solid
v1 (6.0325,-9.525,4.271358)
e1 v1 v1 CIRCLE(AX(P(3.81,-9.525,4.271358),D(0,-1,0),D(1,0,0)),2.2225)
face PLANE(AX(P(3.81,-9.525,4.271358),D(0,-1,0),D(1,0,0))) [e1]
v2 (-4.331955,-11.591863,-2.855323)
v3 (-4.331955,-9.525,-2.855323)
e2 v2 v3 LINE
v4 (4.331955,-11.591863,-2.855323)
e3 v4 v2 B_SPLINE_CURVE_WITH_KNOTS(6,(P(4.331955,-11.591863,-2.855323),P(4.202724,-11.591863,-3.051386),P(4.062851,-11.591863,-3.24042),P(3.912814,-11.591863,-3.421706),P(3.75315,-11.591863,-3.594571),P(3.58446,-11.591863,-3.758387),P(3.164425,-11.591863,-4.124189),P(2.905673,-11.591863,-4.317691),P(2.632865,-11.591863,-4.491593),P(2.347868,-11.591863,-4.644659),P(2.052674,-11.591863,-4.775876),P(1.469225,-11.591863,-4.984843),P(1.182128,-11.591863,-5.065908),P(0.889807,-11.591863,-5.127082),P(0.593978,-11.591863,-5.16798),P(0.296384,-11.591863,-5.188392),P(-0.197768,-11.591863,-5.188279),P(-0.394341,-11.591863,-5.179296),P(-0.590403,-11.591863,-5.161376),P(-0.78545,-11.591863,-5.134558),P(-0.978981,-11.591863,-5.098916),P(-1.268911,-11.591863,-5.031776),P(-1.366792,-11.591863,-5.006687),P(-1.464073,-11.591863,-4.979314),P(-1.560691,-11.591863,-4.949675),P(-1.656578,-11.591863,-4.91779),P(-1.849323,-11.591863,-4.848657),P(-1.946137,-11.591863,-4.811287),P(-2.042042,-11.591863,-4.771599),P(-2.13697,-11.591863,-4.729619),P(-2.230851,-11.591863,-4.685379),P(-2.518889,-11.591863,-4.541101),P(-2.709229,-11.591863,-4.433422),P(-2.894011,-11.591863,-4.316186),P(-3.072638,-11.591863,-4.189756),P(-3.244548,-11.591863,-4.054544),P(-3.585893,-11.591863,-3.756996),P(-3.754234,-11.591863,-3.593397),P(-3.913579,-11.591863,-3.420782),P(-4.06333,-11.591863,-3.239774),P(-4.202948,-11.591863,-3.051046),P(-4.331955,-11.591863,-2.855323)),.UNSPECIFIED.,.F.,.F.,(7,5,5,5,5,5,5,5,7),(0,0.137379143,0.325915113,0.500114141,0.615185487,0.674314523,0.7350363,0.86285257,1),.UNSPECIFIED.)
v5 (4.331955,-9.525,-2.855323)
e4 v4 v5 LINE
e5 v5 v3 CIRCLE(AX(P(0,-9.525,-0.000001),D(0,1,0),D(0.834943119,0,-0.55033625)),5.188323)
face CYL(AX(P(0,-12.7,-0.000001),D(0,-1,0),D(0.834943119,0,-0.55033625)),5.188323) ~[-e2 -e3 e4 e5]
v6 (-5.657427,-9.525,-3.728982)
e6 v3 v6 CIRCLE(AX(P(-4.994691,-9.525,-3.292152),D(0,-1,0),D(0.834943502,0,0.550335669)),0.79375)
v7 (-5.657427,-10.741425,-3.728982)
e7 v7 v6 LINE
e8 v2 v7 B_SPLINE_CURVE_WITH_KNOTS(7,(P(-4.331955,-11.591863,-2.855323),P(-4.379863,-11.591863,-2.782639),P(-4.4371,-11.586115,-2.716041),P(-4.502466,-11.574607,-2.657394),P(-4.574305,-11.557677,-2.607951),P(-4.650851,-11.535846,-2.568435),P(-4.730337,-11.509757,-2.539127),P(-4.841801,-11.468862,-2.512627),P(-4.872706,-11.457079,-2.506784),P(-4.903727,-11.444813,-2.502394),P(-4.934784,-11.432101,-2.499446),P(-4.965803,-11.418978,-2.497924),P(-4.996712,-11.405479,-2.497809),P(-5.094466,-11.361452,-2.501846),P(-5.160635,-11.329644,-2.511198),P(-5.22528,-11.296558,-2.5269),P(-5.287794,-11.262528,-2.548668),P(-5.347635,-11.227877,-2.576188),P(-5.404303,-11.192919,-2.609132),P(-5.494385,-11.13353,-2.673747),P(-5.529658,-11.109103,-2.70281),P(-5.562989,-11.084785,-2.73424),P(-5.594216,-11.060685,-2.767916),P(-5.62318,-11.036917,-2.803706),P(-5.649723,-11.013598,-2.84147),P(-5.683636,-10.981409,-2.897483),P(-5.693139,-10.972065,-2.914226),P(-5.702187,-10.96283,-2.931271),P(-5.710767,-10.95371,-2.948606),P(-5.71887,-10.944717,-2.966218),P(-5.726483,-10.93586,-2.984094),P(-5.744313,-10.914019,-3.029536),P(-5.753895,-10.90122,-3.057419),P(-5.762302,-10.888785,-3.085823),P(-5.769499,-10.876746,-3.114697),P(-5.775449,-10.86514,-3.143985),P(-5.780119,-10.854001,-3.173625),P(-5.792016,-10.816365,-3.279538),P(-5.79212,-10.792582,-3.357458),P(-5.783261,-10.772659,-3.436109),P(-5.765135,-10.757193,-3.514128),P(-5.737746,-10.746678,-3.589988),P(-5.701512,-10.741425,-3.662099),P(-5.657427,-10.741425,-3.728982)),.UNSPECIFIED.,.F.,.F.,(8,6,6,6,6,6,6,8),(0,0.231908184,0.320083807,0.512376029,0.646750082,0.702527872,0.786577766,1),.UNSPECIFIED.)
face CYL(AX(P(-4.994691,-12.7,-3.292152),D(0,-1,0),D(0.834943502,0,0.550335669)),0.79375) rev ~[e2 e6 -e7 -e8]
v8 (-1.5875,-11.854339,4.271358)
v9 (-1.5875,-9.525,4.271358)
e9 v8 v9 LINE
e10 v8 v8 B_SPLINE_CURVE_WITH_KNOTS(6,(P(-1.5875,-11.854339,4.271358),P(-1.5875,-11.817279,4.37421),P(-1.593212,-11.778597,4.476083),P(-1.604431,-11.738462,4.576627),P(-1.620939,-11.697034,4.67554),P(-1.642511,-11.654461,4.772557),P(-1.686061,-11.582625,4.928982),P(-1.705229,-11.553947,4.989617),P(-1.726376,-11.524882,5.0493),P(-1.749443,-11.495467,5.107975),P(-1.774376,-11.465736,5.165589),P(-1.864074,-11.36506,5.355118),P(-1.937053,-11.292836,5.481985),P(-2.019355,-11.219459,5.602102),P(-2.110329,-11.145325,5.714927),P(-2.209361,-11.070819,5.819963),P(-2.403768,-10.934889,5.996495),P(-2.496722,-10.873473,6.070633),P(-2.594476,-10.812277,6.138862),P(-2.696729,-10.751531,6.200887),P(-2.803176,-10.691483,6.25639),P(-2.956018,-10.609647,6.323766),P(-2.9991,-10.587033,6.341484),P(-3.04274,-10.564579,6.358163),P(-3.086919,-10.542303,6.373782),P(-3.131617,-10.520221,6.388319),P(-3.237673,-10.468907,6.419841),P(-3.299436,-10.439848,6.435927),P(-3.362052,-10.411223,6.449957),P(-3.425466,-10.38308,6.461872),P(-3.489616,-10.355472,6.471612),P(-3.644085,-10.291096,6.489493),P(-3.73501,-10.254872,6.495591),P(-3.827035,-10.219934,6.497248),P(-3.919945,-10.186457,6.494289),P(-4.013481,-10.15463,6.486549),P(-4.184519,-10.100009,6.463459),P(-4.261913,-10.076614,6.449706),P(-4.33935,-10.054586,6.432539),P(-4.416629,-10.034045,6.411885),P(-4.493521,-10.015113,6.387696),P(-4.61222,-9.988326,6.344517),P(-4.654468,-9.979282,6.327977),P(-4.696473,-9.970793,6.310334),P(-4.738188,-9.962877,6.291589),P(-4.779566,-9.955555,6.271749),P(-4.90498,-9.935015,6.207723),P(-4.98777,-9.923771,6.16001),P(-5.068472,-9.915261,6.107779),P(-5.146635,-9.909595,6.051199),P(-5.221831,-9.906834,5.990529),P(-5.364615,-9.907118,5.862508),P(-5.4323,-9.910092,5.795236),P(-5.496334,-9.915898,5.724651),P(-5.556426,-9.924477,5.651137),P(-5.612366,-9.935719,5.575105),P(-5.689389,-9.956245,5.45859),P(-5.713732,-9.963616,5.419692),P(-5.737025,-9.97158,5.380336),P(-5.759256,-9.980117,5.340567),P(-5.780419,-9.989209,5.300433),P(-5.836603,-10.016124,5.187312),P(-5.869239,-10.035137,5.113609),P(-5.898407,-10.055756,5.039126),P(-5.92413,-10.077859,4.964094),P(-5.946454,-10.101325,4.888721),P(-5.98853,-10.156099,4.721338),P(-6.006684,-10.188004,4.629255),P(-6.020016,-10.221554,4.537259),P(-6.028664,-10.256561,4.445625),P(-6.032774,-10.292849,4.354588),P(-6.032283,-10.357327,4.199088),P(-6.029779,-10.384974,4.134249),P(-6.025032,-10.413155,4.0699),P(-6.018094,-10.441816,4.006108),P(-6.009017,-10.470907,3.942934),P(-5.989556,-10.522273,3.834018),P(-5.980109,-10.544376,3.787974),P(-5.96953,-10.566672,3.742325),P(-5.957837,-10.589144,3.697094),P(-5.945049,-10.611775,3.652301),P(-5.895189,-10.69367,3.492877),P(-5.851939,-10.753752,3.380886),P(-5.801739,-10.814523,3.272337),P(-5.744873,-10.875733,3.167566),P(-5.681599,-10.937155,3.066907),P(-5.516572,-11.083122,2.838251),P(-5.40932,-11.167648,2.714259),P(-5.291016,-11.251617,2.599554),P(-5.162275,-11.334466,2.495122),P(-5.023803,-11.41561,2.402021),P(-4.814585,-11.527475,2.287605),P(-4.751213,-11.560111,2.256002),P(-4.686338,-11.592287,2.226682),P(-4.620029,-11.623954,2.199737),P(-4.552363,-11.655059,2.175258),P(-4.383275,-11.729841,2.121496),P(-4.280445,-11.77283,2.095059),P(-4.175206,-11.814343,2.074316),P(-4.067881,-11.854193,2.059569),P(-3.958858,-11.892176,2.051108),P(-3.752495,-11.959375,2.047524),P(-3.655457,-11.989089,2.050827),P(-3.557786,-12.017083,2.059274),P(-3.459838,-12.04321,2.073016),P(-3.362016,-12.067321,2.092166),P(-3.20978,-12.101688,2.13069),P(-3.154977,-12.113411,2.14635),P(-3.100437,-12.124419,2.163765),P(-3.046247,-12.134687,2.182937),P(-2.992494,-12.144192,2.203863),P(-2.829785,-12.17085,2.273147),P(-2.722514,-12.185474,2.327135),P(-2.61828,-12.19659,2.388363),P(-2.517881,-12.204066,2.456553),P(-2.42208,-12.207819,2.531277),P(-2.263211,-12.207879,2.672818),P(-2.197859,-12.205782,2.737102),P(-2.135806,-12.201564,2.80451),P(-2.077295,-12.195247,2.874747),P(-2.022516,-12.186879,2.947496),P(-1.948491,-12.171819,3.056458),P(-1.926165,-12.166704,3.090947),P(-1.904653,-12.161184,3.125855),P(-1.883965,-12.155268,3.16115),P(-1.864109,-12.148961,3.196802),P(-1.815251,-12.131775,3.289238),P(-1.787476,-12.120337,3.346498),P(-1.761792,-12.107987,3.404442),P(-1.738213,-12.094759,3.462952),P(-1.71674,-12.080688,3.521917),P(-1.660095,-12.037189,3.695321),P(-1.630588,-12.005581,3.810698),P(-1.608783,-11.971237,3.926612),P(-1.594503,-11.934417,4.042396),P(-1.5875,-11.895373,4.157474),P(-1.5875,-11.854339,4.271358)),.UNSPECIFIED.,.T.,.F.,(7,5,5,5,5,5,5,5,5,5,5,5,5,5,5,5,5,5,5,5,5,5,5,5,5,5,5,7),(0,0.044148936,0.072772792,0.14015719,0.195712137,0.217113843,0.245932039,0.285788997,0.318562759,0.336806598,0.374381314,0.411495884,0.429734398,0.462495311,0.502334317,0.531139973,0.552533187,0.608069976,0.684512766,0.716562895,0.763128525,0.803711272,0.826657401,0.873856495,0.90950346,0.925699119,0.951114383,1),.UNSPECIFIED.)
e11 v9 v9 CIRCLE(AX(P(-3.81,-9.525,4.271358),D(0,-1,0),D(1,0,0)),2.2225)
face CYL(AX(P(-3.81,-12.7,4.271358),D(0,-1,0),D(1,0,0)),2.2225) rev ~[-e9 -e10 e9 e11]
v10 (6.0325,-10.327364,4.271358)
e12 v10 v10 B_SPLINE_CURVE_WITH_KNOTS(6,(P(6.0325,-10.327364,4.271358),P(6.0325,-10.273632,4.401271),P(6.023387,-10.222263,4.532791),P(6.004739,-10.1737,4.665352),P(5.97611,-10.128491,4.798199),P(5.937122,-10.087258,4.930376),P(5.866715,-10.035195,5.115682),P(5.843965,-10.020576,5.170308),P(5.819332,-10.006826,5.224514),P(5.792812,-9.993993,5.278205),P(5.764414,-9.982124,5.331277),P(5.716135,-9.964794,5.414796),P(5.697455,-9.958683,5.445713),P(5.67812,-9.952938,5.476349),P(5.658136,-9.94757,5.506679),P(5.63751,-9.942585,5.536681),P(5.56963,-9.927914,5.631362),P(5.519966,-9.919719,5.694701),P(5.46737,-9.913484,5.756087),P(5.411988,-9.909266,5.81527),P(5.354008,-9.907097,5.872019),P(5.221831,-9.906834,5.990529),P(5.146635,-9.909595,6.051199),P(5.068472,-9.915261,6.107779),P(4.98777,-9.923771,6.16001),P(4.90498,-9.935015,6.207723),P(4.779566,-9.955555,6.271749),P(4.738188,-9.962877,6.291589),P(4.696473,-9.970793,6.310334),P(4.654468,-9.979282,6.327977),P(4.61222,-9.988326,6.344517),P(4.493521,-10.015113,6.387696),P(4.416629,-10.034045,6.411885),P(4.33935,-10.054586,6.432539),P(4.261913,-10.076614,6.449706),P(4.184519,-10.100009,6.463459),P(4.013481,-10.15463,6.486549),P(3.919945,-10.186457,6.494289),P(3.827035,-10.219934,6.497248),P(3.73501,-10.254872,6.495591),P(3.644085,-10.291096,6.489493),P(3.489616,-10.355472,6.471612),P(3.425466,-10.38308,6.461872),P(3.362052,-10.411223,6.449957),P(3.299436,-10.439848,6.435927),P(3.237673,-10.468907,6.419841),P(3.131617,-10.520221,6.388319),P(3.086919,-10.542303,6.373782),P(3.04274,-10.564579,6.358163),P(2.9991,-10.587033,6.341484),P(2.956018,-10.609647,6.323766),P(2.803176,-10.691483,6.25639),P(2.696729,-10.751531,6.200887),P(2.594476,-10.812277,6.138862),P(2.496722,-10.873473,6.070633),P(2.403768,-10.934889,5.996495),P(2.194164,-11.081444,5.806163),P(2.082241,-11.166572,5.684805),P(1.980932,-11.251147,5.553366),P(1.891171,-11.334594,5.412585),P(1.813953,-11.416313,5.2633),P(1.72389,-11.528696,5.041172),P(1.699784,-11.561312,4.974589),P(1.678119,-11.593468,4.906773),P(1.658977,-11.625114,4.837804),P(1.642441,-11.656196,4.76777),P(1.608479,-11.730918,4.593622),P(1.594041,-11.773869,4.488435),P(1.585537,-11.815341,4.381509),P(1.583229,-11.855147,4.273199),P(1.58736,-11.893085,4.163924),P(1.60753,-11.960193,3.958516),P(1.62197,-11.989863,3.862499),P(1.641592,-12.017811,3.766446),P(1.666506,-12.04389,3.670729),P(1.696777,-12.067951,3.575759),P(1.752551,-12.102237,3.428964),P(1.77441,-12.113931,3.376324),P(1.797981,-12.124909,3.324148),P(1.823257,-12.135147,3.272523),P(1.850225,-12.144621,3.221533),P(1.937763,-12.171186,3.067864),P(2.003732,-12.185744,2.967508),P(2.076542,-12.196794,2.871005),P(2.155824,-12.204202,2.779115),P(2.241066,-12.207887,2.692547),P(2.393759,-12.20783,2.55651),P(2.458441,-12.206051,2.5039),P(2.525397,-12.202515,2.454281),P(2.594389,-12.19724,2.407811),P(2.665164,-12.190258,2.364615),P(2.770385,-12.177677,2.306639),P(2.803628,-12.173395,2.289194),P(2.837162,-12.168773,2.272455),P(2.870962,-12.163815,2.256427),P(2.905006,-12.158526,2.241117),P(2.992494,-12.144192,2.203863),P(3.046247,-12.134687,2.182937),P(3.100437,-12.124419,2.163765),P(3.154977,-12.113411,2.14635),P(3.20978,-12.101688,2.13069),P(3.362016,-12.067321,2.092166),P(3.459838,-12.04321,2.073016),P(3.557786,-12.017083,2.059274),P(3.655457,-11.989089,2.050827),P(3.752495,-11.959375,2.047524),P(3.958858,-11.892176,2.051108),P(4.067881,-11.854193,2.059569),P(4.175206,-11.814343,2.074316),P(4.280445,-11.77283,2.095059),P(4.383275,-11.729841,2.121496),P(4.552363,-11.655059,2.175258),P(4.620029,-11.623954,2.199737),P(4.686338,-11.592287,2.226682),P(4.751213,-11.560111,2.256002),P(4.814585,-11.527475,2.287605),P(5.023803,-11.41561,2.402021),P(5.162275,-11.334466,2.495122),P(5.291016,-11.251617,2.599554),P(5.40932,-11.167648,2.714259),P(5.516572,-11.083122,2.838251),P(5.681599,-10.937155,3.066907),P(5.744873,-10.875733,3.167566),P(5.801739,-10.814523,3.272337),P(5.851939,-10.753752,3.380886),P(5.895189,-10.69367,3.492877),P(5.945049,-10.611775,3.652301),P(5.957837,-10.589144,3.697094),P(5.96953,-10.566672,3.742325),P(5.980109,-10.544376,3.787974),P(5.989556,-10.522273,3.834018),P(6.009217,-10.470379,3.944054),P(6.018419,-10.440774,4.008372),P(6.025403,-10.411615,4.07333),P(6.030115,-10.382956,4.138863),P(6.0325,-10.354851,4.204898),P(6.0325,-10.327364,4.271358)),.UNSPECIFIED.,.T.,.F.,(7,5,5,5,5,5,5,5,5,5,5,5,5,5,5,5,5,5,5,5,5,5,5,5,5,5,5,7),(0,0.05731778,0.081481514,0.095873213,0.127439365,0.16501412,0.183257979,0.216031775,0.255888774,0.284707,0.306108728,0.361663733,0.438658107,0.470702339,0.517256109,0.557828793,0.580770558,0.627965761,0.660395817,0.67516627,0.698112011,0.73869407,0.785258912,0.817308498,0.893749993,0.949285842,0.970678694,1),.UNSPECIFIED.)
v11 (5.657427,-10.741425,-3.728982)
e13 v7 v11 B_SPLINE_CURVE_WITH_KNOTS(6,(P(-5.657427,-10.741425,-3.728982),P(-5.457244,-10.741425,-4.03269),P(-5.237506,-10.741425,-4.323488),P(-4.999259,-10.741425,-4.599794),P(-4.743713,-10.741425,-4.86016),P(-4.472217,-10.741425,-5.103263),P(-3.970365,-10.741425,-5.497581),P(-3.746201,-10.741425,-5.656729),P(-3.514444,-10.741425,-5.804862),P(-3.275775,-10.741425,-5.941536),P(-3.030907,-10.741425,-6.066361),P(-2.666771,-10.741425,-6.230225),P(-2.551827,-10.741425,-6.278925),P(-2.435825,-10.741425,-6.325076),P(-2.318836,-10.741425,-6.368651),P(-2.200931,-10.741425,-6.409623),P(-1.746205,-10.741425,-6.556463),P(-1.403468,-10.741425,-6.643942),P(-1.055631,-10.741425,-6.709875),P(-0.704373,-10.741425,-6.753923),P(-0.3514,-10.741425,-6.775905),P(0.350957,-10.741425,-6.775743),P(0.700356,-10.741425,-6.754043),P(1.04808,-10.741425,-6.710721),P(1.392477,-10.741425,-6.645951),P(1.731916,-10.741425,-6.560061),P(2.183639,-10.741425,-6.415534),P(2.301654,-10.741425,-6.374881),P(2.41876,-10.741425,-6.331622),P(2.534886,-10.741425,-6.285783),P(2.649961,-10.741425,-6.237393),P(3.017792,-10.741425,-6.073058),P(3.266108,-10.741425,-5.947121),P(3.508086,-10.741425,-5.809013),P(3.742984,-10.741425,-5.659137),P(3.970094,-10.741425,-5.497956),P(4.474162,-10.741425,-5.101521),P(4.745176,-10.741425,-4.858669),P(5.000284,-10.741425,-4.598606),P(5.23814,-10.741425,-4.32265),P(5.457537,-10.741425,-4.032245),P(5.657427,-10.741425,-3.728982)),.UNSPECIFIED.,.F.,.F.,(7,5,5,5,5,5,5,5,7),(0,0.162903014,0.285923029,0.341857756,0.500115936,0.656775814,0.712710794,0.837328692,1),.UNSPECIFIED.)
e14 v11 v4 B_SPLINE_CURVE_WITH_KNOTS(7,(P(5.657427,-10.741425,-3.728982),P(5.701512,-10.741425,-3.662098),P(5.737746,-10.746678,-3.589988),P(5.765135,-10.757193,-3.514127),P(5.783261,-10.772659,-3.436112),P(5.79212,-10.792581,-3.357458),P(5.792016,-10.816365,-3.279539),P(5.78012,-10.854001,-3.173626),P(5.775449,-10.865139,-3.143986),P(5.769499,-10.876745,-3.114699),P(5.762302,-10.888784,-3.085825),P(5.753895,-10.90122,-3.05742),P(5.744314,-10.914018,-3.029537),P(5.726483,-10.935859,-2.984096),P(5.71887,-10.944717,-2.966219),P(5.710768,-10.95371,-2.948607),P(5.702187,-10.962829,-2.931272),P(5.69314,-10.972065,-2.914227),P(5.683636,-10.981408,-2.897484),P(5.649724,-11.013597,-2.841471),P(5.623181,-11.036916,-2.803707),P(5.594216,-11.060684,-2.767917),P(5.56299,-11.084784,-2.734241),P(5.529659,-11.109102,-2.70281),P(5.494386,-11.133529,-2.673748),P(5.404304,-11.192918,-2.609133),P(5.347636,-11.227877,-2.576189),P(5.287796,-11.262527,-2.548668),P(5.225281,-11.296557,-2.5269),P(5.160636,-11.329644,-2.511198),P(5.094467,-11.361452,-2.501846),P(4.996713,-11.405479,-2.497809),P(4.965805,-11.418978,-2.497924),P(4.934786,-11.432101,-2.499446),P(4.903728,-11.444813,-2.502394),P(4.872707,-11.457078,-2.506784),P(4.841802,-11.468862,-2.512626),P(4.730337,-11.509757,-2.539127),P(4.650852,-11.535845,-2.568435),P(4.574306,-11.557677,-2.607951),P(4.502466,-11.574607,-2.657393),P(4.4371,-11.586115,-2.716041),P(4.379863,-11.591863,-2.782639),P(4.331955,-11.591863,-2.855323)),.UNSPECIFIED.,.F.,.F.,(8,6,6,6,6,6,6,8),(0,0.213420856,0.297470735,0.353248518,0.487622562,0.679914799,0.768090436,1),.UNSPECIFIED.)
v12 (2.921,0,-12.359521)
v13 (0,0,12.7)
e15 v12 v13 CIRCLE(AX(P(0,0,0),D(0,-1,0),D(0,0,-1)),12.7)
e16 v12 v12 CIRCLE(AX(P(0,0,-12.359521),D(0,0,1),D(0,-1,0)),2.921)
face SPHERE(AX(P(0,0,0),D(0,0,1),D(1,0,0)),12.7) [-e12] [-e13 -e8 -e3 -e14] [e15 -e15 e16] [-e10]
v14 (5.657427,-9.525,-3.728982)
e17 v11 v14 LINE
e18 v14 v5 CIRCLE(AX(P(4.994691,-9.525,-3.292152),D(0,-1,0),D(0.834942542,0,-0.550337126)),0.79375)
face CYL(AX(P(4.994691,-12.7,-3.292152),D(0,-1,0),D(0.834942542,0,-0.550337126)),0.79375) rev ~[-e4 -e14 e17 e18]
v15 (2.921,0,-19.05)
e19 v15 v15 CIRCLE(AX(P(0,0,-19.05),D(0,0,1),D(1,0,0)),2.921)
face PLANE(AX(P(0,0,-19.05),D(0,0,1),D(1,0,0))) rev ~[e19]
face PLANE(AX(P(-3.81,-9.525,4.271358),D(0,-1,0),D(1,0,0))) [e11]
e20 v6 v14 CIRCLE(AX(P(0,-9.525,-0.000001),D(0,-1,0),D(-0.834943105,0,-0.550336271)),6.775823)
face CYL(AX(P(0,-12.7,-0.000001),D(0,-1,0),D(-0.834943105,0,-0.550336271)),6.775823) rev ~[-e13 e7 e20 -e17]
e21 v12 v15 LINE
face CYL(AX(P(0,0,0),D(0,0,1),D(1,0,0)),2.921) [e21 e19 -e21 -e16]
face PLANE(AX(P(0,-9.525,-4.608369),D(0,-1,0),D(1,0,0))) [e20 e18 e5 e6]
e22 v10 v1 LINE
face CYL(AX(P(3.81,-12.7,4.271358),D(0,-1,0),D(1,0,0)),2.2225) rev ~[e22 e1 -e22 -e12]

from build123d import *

# Parameters (mm, degrees)
F2_R     = 2.921
F3_DEPTH = 19.05
F5_R     = 2.2225
F6_DEPTH = 3.175


with BuildPart() as f1:
    # F0 (on Front) → F1 (revolve)
    with BuildSketch(Plane.XZ):
        with BuildLine():
            Line((0, 0), (0, -12.7))
            ThreePointArc((0, -12.7), (12.7, 0), (0, 12.7))
            Line((0, 12.7), (0, 0))
        make_face()
    revolve(axis=Axis((0, 0, 6.35), (0, 0, 1)))

    # F2 (on Top) → F3 (join)
    with BuildSketch(Plane.XY):
        Circle(F2_R)
    extrude(amount=-F3_DEPTH)

    # F5 (on offset) → F6 (cut)
    with BuildSketch(Plane.XZ.offset(12.7)):
        with Locations((-3.81, 4.271358)):
            Circle(F5_R)
        with Locations((3.81, 4.271358)):
            Circle(F5_R)
        with BuildLine():
            ThreePointArc((-4.331955, -2.855323), (-5.431521, -2.629416), (-5.657427, -3.728982))
            ThreePointArc((-5.657427, -3.728982), (0, -6.775824), (5.657427, -3.728982))
            ThreePointArc((5.657427, -3.728982), (5.431521, -2.629416), (4.331955, -2.855323))
            ThreePointArc((4.331955, -2.855323), (0, -5.188324), (-4.331955, -2.855323))
        make_face()
    extrude(amount=-F6_DEPTH, mode=Mode.SUBTRACT)


solid = f1.part
